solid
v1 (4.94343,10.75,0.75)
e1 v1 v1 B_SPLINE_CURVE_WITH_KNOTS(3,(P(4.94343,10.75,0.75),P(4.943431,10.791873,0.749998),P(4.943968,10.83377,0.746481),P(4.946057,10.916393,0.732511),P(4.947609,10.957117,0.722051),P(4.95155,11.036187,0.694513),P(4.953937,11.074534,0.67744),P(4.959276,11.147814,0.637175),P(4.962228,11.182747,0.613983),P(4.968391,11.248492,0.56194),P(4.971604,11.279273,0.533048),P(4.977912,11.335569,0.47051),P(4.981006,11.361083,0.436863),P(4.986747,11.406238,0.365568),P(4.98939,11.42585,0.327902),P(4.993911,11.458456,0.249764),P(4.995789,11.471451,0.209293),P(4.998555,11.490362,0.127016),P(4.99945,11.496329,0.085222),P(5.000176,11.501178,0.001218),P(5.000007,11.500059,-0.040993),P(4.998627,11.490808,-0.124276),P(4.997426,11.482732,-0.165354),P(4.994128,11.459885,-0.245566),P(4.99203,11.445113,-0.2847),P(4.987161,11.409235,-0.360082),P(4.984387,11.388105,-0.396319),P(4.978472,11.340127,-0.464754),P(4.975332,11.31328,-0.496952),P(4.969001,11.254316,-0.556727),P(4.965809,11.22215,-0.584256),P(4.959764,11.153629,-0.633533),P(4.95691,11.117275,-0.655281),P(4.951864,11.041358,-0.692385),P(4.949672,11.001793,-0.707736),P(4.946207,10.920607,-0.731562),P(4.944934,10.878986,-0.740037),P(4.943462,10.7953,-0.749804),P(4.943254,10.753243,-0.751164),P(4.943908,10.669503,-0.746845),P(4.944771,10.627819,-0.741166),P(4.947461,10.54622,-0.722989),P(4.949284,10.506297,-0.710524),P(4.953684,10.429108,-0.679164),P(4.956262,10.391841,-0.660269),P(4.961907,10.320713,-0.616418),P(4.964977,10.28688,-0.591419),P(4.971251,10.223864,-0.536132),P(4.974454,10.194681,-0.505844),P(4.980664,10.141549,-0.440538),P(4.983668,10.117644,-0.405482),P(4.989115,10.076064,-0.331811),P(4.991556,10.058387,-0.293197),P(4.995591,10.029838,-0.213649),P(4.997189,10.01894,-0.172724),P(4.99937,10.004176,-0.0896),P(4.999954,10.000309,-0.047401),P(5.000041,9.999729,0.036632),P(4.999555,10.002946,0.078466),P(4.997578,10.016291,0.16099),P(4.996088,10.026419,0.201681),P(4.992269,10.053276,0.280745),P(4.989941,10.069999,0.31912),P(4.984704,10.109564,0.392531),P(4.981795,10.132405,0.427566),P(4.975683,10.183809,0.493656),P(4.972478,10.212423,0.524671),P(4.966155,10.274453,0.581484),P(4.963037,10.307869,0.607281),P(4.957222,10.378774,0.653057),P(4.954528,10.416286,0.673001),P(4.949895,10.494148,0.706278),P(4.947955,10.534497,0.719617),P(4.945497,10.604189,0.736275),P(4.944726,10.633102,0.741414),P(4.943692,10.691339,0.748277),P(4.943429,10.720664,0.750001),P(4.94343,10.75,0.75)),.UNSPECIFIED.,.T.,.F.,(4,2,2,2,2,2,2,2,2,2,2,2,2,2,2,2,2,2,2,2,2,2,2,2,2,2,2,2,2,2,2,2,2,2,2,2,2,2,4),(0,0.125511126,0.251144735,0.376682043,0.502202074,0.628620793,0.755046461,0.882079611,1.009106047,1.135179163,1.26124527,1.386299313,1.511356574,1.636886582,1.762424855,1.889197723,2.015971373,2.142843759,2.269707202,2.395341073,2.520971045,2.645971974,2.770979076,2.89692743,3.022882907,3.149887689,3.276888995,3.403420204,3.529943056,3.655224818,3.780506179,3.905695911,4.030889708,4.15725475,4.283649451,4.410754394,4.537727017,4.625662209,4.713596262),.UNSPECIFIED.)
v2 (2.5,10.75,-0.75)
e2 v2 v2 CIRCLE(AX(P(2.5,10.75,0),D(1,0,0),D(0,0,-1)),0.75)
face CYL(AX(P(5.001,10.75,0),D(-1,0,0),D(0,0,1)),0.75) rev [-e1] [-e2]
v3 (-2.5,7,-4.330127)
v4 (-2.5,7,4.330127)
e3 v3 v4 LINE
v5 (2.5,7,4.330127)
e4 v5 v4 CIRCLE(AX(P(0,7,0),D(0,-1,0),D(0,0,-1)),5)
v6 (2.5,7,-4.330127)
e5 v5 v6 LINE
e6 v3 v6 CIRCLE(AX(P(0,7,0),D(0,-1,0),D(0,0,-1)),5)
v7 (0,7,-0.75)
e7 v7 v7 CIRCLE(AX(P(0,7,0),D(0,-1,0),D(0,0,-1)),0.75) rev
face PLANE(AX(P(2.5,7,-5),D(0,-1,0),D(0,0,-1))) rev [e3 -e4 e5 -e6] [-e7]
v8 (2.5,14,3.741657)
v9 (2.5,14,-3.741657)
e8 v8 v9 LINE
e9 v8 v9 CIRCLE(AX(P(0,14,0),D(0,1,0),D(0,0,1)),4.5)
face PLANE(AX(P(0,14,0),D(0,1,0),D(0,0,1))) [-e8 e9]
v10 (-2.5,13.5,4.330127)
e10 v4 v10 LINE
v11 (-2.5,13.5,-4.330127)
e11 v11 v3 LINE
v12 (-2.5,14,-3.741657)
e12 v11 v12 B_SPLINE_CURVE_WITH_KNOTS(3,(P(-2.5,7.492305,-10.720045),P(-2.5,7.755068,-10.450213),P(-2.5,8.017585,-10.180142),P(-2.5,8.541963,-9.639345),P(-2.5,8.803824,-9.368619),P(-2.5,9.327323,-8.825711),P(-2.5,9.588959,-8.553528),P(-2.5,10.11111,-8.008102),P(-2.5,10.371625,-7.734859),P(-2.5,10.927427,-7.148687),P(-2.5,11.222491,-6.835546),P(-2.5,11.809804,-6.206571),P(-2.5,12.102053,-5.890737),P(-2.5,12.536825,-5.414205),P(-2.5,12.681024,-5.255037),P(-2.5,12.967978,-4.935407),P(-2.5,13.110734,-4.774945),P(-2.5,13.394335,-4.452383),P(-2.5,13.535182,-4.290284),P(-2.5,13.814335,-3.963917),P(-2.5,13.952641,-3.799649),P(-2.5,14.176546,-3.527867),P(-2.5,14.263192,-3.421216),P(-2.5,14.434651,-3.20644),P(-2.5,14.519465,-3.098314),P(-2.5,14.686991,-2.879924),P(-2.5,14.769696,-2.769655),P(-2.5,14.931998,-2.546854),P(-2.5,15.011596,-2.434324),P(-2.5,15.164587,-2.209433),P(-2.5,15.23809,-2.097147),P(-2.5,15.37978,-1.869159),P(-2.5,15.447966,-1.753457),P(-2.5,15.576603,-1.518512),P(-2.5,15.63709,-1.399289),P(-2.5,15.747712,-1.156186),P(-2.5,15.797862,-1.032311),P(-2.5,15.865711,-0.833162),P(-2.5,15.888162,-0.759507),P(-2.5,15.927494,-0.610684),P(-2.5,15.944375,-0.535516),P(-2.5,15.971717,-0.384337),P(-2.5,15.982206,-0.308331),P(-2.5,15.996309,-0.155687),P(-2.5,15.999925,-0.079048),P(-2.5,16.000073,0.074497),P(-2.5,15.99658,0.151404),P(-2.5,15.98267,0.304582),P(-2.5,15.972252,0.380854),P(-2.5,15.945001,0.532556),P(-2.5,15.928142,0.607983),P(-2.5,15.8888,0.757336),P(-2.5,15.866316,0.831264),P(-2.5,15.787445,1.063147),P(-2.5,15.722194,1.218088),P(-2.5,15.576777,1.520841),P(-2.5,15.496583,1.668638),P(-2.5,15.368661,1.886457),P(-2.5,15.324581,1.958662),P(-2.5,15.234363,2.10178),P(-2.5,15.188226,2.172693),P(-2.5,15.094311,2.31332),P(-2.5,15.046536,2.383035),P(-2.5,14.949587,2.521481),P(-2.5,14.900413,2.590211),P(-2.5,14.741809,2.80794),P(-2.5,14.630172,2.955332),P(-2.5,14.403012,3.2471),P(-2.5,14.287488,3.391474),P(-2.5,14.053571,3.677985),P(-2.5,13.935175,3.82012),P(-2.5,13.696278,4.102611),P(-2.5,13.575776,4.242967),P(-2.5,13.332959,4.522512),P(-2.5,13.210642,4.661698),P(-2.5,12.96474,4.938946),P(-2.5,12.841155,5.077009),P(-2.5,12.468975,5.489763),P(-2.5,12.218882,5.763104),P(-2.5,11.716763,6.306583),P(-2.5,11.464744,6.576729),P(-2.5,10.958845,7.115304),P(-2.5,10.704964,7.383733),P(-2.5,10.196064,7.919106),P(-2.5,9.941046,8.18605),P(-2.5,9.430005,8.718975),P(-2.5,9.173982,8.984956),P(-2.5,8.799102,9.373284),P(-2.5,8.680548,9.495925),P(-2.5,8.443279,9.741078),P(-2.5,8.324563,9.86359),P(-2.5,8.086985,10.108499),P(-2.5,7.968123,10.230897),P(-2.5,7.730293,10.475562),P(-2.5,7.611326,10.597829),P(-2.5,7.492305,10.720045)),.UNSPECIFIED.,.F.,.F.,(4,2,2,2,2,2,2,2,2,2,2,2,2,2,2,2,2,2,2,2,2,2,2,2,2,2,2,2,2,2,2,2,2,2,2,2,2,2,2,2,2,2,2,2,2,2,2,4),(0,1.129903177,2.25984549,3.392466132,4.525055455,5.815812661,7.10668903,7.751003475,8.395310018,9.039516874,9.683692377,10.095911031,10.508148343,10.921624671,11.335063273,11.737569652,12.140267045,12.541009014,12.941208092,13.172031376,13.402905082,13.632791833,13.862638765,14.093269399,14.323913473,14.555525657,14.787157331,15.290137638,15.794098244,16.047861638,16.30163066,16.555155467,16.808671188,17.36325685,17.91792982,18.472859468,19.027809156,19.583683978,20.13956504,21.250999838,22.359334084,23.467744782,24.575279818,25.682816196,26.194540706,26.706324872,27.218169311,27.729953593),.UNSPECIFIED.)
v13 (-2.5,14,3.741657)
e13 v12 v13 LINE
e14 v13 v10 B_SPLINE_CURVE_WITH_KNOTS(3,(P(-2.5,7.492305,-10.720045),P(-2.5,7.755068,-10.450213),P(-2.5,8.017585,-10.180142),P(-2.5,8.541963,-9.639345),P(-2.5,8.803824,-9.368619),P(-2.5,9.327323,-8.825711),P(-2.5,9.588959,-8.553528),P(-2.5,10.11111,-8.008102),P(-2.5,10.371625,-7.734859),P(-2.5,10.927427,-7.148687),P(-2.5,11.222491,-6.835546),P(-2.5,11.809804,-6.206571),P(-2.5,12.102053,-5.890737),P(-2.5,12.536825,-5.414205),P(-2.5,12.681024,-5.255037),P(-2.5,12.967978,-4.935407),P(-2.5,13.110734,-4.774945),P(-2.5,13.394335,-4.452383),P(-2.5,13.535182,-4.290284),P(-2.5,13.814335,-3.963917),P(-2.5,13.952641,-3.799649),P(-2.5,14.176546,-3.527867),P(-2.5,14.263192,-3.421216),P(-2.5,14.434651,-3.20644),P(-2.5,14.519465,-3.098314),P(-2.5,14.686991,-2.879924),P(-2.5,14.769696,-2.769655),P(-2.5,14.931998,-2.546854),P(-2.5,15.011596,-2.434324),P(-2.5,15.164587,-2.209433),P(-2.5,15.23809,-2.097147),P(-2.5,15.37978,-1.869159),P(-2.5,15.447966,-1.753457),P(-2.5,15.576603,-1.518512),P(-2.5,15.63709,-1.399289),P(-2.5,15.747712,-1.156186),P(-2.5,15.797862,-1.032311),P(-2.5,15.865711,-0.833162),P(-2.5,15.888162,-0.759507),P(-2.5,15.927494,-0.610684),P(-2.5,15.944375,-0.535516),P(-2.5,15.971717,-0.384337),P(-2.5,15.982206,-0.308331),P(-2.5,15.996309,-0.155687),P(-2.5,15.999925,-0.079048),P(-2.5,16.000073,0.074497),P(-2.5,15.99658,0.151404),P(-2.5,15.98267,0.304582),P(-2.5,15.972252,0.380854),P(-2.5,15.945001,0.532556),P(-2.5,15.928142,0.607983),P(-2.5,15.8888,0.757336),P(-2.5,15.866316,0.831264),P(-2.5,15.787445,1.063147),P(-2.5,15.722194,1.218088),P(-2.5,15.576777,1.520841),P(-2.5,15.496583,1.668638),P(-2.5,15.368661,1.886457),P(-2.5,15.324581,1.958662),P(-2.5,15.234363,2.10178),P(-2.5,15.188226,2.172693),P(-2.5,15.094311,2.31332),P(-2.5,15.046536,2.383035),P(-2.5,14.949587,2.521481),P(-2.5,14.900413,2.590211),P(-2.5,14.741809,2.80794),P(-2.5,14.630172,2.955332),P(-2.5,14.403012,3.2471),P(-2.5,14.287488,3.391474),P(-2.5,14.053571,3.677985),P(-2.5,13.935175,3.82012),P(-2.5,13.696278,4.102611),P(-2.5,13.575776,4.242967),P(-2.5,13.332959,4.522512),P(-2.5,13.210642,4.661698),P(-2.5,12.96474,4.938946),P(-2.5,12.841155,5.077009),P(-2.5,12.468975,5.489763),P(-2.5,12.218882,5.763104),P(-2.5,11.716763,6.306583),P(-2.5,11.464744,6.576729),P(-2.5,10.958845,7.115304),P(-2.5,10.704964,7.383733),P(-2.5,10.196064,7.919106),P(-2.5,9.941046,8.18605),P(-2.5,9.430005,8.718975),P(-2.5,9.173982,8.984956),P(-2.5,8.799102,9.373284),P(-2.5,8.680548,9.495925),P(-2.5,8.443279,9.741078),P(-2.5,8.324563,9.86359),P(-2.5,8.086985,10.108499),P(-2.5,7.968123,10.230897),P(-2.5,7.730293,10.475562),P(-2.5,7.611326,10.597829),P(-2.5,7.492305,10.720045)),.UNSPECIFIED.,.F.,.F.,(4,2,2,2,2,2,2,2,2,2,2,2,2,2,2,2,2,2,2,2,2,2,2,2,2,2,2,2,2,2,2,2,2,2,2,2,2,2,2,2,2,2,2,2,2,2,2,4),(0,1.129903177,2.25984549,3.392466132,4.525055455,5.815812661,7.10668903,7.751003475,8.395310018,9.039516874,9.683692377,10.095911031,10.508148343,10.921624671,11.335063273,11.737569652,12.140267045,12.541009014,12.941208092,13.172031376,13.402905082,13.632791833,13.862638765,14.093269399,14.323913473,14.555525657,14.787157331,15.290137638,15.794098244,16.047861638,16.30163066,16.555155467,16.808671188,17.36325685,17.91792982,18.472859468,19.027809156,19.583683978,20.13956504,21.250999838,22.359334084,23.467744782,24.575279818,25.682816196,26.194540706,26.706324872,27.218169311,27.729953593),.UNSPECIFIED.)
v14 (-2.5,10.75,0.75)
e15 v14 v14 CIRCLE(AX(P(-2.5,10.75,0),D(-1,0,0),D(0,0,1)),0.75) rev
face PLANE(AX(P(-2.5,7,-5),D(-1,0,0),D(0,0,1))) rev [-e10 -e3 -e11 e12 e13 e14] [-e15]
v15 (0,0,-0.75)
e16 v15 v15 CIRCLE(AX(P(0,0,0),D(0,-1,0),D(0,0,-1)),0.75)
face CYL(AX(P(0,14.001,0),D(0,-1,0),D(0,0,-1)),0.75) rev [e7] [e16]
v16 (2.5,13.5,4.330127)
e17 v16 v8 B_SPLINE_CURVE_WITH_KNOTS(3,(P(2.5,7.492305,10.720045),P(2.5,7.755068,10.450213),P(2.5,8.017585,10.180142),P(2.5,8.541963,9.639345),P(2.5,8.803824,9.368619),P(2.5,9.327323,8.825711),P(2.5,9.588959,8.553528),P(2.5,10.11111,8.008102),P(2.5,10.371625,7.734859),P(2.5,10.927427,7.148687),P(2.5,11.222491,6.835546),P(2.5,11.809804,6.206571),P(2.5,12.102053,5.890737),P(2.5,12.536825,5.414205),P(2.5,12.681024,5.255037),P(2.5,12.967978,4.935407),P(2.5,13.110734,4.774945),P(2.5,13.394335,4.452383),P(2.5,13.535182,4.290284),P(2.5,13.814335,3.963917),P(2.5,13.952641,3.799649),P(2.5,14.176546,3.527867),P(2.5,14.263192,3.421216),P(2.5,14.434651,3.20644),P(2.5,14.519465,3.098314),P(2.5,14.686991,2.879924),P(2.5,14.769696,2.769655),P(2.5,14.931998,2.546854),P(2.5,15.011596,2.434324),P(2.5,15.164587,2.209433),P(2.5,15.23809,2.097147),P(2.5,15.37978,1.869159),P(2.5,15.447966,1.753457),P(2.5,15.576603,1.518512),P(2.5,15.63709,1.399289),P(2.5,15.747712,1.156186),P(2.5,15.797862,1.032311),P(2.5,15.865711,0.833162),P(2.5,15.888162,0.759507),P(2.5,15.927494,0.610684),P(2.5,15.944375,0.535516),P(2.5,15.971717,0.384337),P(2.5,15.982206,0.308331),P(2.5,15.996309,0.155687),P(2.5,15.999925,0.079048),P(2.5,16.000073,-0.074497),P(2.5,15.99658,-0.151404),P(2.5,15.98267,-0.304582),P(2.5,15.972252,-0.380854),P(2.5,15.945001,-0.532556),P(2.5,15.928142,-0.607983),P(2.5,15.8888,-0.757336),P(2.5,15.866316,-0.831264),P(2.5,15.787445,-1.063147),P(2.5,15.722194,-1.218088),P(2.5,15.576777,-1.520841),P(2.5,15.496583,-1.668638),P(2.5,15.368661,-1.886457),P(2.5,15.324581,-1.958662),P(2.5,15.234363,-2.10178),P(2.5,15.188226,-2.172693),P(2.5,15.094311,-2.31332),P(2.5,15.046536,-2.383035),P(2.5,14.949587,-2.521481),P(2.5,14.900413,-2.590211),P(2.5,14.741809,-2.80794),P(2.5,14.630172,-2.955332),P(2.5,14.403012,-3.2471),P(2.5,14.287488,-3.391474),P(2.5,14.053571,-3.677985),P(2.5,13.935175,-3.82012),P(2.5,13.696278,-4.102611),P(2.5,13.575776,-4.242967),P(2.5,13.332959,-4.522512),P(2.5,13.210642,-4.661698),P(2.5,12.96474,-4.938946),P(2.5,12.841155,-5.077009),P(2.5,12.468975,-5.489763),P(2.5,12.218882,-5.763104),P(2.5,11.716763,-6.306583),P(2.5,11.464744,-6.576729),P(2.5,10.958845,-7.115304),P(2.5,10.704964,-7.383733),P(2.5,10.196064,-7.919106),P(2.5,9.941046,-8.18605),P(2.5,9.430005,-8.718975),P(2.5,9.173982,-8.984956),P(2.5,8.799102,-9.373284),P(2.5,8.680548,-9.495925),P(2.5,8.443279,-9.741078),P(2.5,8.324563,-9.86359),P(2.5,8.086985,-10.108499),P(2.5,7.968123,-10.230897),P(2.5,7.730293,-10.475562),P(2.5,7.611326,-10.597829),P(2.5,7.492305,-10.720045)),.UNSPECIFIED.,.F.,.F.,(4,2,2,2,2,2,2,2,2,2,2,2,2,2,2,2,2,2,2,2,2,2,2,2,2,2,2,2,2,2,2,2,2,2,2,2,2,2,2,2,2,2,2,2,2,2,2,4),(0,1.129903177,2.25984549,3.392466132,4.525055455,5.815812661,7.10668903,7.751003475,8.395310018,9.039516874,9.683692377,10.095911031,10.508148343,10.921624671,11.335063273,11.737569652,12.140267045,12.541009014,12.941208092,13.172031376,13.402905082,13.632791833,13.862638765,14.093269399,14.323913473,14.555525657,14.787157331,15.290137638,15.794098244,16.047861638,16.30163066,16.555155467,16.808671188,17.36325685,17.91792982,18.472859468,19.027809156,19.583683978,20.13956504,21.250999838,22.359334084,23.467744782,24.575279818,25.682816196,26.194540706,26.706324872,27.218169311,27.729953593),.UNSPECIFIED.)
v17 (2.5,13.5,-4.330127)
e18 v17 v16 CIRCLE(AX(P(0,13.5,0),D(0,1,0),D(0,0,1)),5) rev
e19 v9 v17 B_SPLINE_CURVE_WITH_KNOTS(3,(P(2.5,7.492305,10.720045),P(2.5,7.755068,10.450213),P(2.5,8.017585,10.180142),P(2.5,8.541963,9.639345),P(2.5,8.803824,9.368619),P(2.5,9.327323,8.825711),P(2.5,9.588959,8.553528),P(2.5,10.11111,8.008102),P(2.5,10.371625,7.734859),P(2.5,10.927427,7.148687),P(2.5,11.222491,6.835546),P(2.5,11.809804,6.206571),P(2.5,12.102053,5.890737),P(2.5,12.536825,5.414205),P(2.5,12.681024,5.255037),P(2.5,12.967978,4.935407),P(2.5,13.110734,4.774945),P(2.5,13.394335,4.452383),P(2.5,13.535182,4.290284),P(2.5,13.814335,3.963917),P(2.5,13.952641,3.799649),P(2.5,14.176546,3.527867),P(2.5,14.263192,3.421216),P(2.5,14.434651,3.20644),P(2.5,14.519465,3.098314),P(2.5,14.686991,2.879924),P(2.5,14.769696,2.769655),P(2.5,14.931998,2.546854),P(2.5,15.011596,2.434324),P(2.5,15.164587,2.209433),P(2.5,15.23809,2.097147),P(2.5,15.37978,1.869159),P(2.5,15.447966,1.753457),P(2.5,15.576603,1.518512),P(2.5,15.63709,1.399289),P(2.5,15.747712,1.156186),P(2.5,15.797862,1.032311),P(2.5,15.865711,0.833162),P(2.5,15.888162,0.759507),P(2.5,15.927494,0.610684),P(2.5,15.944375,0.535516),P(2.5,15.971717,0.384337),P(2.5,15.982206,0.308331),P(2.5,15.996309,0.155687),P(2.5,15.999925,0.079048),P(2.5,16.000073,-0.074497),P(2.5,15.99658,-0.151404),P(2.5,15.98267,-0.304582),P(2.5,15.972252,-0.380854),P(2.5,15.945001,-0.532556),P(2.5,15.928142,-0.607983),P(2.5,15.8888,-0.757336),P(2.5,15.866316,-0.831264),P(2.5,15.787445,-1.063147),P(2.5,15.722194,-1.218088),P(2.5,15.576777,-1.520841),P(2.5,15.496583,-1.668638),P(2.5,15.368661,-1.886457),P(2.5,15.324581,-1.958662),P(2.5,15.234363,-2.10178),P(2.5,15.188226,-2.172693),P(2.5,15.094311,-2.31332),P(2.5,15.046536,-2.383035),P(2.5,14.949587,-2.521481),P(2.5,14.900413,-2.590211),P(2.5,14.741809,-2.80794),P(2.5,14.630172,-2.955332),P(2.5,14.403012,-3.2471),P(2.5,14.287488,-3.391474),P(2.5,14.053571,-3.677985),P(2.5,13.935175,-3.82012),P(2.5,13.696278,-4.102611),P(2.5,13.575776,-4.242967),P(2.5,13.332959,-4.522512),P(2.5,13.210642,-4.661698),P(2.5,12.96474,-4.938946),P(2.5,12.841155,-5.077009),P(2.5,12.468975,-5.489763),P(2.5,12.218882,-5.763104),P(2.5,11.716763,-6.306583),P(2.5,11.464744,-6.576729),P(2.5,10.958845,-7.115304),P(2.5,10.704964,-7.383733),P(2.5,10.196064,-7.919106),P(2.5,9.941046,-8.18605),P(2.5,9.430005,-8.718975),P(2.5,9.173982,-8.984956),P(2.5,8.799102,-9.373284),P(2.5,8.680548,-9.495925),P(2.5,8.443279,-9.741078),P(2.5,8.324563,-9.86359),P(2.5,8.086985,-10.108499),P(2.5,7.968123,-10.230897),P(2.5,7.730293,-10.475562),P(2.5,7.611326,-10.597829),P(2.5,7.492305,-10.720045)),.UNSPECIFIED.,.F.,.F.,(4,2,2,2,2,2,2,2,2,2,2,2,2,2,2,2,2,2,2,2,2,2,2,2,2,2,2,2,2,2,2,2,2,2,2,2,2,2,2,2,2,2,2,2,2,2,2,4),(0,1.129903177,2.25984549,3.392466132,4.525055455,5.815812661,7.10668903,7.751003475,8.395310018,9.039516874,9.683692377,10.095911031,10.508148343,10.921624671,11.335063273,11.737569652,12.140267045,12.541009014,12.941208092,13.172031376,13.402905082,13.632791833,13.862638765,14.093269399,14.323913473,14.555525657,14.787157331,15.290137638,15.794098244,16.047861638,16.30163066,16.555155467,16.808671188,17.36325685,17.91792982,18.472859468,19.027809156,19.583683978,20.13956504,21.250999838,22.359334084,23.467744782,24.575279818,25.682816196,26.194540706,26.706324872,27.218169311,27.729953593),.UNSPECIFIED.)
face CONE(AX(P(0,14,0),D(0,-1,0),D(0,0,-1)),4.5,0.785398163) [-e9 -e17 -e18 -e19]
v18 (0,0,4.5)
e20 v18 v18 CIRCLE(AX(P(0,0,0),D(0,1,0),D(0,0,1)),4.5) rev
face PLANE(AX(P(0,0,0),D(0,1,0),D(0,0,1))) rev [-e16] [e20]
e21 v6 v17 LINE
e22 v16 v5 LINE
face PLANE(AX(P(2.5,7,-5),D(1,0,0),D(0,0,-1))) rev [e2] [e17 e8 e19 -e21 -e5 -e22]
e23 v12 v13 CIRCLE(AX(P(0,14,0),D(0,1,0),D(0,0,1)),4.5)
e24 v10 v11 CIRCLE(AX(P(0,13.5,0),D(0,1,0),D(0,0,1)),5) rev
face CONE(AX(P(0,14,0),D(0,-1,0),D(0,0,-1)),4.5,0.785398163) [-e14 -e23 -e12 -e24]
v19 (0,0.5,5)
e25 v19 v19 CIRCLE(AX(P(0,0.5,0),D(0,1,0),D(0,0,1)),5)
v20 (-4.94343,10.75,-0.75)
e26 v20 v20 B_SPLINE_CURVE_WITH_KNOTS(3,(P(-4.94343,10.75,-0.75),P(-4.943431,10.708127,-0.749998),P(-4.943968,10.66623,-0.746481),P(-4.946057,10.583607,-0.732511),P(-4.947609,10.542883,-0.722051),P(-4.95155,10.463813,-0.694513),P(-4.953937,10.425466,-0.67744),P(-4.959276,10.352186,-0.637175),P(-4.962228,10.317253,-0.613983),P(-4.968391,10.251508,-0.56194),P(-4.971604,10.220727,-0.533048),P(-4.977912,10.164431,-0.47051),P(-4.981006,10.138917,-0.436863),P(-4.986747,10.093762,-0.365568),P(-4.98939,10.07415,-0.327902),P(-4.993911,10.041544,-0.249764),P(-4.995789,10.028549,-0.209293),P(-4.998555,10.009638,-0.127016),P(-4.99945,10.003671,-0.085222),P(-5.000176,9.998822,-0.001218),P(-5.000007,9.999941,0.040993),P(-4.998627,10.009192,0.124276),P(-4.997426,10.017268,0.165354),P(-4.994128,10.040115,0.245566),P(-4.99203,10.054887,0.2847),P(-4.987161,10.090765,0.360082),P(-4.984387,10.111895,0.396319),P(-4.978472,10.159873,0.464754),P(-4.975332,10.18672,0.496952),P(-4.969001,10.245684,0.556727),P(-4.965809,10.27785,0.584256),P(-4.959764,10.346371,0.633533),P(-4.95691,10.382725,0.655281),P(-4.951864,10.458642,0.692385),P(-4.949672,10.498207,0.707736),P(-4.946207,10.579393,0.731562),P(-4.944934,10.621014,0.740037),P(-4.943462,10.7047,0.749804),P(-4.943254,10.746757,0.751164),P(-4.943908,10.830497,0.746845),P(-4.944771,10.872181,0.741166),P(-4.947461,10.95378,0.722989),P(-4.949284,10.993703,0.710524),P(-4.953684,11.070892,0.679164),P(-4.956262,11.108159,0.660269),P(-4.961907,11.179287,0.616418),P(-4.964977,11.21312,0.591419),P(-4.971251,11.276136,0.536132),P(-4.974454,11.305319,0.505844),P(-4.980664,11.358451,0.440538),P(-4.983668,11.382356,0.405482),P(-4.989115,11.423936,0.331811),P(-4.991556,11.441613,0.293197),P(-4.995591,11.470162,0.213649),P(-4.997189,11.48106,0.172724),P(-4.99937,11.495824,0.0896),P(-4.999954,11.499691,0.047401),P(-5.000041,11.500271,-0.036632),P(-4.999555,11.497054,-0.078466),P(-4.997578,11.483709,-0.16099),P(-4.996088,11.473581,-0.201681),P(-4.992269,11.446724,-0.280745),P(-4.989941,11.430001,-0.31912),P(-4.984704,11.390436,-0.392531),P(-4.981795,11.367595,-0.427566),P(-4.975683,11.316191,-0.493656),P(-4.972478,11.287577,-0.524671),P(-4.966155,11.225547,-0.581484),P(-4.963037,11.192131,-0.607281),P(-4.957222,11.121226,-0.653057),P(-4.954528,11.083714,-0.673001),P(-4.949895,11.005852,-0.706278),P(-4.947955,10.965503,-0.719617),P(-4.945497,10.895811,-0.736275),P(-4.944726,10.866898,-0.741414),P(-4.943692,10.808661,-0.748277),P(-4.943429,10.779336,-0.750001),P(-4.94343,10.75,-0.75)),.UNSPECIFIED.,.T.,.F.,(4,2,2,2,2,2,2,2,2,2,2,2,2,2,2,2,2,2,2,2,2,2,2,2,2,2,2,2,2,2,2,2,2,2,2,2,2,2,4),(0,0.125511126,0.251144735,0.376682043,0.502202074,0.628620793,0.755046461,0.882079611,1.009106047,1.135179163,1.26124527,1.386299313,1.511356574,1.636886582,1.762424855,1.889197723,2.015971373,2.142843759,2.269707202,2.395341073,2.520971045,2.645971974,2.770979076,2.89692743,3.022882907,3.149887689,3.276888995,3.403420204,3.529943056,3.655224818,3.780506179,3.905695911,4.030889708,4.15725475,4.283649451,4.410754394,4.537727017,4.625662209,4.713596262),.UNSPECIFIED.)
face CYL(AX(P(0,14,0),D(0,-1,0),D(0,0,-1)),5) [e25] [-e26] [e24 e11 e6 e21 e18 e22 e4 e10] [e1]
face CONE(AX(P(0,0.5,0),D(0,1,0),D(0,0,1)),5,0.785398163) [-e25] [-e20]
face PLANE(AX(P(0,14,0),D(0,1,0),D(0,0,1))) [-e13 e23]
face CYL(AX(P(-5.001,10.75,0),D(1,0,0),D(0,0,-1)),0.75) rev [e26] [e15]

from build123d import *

# Parameters (mm, degrees)
SKETCH1_R                      = 5
BOSS_EXTRUDE1_DEPTH            = 14
CHAMFER1_SIZE                  = 0.5
CUT_EXTRUDE1_REACH             = 16
SKETCH2_R                      = 0.75
SKETCH3_W                      = 5
SKETCH3_H                      = 10
CUT_EXTRUDE2_DEPTH             = 7
CUT_EXTRUDE3_REACH             = 7
SKETCH4_R                      = 0.75
CUT_EXTRUDE3_DIRECTION_2_REACH = 7


with BuildPart() as part:
    # Sketch1 → Boss-Extrude1 (new body)
    with BuildSketch(Plane(origin=(0, 0, 0), x_dir=(1, 0, 0), z_dir=(0, 1, 0))):
        Circle(SKETCH1_R)
    extrude(amount=BOSS_EXTRUDE1_DEPTH)

    # Chamfer1
    chamfer1_edges = [part.edges().sort_by_distance(p)[0] for p in [
        (-5, 0, 0),
        (-5, 14, 0),
    ]]
    chamfer(chamfer1_edges, length=CHAMFER1_SIZE)

    # Sketch2 → Cut-Extrude1 (cut, up to next)
    with BuildSketch(Plane.XZ, mode=Mode.PRIVATE) as cut_extrude1_sk1:
        Circle(SKETCH2_R)
    cut_extrude1_tool1 = extrude(cut_extrude1_sk1.sketch, amount=-CUT_EXTRUDE1_REACH, mode=Mode.PRIVATE) & part.part
    add(cut_extrude1_tool1.solids().sort_by_distance((0, 0, 0))[0], mode=Mode.SUBTRACT)

    # Sketch3 → Cut-Extrude2 (cut)
    with BuildSketch(Plane(origin=(0, 14, 0), x_dir=(1, 0, 0), z_dir=(0, 1, 0))):
        Rectangle(SKETCH3_W, SKETCH3_H)
    extrude(amount=-CUT_EXTRUDE2_DEPTH, mode=Mode.SUBTRACT)

    # Sketch4 → Cut-Extrude3 (cut, up to next)
    with BuildSketch(Plane(origin=(0, 0, 0), x_dir=(0, 0, -1), z_dir=(1, 0, 0)), mode=Mode.PRIVATE) as cut_extrude3_sk1:
        with Locations((0, 10.75)):
            Circle(SKETCH4_R)
    cut_extrude3_tool1 = extrude(cut_extrude3_sk1.sketch, amount=-CUT_EXTRUDE3_REACH, mode=Mode.PRIVATE) & part.part
    add(cut_extrude3_tool1.solids().sort_by_distance((0, 10.75, 0))[0], mode=Mode.SUBTRACT)

    # Sketch4 → Cut-Extrude3 direction 2 (cut, up to next)
    with BuildSketch(Plane(origin=(0, 0, 0), x_dir=(0, 0, -1), z_dir=(1, 0, 0)), mode=Mode.PRIVATE) as cut_extrude3_direction_2_sk1:
        with Locations((0, 10.75)):
            Circle(SKETCH4_R)
    cut_extrude3_direction_2_tool1 = extrude(cut_extrude3_direction_2_sk1.sketch, amount=CUT_EXTRUDE3_DIRECTION_2_REACH, mode=Mode.PRIVATE) & part.part
    add(cut_extrude3_direction_2_tool1.solids().sort_by_distance((0, 10.75, 0))[0], mode=Mode.SUBTRACT)


solid = part.part
